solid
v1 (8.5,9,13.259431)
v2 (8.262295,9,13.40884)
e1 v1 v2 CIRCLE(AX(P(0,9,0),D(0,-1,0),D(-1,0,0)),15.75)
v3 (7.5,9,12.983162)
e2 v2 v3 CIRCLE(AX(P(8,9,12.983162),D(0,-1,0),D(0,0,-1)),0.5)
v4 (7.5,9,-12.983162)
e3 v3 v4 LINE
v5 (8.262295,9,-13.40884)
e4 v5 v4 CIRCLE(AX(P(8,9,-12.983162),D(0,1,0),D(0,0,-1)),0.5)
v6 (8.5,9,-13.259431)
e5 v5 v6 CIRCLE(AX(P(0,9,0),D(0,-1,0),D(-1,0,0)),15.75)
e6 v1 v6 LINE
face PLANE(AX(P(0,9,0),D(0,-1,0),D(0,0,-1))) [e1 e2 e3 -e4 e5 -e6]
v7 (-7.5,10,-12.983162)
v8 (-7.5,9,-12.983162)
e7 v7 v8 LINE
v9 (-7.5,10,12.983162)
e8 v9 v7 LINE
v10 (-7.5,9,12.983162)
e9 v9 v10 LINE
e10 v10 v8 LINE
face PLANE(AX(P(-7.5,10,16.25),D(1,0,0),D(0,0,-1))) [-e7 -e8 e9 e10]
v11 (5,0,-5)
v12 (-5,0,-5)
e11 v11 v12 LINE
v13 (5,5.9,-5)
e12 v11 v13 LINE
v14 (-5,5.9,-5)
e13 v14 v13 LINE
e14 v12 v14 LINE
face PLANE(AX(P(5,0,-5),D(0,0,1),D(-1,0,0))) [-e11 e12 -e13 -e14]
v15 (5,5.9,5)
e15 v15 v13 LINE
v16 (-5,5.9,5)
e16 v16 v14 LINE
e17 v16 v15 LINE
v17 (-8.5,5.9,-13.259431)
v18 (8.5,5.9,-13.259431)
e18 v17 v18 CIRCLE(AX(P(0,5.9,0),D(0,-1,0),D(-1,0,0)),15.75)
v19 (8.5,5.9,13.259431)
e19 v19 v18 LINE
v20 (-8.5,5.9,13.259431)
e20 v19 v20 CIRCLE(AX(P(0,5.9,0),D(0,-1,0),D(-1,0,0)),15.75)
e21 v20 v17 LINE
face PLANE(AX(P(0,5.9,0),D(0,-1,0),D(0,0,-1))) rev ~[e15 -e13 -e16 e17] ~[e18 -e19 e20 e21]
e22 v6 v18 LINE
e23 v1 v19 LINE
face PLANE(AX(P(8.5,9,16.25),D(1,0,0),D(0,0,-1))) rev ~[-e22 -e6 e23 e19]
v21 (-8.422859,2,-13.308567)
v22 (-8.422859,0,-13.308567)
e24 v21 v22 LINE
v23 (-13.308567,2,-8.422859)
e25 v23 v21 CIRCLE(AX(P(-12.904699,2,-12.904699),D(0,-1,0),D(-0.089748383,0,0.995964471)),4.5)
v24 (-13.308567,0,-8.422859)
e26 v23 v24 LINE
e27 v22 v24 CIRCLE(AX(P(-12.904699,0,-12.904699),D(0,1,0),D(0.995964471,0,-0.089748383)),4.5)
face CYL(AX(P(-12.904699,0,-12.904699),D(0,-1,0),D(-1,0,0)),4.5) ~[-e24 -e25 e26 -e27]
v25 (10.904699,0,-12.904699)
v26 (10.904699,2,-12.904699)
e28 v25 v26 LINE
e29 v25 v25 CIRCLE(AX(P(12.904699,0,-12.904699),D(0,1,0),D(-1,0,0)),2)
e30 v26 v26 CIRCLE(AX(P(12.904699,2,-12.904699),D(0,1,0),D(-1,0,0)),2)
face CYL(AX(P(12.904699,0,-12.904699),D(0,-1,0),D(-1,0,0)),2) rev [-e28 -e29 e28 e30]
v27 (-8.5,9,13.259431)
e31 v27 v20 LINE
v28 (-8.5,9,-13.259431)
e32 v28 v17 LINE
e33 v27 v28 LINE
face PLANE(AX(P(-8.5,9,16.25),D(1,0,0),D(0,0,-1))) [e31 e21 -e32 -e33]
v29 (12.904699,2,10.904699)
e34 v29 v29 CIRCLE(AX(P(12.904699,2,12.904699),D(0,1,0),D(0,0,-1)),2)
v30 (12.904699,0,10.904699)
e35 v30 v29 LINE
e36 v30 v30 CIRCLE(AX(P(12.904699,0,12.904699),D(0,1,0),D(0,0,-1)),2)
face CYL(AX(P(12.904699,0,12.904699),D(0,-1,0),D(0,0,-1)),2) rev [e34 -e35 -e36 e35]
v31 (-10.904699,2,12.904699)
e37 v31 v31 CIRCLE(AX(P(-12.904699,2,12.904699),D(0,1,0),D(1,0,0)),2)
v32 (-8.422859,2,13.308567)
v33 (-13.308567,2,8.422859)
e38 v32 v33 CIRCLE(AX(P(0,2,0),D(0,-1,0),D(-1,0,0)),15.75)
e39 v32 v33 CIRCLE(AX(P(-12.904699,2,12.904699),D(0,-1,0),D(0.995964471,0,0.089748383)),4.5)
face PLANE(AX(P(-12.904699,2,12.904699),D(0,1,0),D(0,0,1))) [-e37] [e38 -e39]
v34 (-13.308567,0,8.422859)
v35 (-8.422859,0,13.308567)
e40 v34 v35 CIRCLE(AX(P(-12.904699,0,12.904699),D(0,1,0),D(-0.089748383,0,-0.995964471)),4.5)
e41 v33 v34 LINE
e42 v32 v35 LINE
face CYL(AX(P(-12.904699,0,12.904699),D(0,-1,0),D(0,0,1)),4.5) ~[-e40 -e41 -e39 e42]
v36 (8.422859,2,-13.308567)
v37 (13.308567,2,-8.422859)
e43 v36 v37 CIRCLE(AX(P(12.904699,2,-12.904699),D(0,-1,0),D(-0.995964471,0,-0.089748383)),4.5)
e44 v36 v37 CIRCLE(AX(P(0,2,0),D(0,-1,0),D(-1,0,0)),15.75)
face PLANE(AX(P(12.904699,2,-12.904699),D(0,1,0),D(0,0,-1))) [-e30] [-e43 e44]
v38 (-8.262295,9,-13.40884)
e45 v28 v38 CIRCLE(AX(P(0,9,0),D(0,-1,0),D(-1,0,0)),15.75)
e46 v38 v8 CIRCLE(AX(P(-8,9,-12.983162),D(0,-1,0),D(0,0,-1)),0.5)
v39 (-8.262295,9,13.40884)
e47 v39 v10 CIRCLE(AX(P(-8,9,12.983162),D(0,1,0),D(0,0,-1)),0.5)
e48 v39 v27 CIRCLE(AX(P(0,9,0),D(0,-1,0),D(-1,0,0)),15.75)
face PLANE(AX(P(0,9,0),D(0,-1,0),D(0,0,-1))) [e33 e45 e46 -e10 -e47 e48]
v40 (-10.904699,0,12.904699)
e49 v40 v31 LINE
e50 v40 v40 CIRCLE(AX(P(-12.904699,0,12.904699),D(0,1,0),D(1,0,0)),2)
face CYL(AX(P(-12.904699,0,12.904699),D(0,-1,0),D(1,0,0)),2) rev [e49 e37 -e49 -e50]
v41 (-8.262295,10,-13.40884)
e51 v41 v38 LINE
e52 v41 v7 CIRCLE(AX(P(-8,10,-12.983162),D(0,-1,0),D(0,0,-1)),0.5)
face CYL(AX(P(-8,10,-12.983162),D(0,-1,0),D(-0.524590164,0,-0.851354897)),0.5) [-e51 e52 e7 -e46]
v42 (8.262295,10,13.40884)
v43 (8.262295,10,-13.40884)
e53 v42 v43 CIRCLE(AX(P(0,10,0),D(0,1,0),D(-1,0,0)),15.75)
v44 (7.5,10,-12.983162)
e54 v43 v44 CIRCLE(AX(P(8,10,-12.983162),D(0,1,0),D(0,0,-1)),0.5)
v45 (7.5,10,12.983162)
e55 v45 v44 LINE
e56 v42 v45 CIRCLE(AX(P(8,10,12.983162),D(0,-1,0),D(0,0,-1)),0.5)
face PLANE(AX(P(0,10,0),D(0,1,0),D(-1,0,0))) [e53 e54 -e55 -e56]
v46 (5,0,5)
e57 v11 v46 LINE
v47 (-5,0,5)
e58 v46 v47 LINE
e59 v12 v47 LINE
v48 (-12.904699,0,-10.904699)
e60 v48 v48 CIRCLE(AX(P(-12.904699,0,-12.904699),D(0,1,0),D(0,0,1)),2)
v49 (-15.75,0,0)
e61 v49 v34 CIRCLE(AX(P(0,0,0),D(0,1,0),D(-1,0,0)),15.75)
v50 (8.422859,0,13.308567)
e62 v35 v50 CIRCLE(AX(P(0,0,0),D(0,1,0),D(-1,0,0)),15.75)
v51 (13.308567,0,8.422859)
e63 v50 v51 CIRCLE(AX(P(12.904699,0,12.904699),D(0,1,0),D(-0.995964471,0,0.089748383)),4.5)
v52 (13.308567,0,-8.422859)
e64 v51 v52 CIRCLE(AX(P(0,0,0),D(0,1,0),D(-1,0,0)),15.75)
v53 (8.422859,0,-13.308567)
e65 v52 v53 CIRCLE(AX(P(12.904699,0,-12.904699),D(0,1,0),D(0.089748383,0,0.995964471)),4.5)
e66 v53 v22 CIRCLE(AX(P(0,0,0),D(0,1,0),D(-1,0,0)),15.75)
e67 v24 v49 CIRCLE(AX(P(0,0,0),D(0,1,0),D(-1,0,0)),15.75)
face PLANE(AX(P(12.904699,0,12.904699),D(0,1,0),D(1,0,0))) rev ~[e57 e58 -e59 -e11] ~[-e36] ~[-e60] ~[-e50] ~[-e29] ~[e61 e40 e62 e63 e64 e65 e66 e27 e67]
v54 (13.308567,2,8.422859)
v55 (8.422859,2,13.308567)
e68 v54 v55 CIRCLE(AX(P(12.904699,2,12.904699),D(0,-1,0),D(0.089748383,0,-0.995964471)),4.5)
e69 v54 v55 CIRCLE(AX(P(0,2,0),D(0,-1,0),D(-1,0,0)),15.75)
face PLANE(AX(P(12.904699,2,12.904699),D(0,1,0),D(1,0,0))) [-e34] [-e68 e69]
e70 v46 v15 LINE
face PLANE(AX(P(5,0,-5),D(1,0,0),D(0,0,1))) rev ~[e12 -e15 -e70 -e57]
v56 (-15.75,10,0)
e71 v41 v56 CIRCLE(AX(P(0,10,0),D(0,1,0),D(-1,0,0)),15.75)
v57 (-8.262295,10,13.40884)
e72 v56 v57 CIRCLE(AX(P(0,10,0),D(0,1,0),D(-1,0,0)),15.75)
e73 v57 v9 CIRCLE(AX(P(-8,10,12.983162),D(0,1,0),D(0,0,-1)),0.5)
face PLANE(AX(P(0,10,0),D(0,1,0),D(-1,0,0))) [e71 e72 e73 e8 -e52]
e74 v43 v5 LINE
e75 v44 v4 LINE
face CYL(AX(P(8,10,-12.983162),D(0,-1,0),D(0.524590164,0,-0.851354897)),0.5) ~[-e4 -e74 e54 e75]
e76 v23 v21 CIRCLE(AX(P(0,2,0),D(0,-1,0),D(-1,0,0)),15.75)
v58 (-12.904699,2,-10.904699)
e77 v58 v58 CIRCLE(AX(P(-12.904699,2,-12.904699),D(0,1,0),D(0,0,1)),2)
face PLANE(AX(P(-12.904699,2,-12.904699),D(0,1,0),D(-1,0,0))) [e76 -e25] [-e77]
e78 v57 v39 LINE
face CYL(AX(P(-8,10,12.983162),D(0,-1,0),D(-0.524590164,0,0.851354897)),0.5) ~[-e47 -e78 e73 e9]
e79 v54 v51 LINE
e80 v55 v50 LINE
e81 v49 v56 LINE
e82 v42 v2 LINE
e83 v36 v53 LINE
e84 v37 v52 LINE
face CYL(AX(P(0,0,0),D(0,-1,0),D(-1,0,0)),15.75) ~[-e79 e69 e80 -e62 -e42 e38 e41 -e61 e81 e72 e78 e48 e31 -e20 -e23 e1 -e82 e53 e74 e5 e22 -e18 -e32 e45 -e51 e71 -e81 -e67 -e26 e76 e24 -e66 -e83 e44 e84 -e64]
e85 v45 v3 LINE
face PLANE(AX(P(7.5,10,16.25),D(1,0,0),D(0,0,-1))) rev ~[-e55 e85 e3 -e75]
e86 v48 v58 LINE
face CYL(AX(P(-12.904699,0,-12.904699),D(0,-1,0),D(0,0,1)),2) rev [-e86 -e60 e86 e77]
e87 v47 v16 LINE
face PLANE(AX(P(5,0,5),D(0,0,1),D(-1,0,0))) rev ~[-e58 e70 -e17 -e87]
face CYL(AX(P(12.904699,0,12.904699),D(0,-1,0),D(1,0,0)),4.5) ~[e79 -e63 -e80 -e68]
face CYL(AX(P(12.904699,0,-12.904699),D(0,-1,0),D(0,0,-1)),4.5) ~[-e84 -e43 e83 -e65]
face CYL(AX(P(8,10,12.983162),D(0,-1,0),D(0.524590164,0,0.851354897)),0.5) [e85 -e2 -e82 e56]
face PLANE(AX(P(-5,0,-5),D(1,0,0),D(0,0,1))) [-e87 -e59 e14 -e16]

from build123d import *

# Parameters (mm, degrees)
CYLINDER008_R         = 15.75
CYLINDER008_DEPTH     = 10
CYLINDER009_R         = 4.5
CYLINDER009_DEPTH     = 2
POLARPATTERN002_COUNT = 4
CYLINDER010_R         = 2
CYLINDER010_DEPTH     = 2
POLARPATTERN003_COUNT = 4
BOX001_W              = 10
BOX001_H              = 10
BOX001_DEPTH          = 10
BOX003_W              = 32.5
BOX003_H              = 17
BOX003_DEPTH          = 3.1
BOX004_W              = 32.5
BOX004_H              = 15
BOX004_DEPTH          = 1
FILLET005_R           = 0.5


with BuildPart() as part:
    # Cylinder008 → Cylinder008 (join)
    with BuildSketch(Plane(origin=(0, 0, 0), x_dir=(-1, 0, 0), z_dir=(0, 1, 0))):
        Circle(CYLINDER008_R)
    extrude(amount=CYLINDER008_DEPTH)

    # Cylinder009 → Cylinder009 (join)
    with BuildSketch(Plane(origin=(12.904699, 0, -12.904699), x_dir=(0, 0, -1), z_dir=(0, 1, 0))):
        Circle(CYLINDER009_R)
    cylinder009 = extrude(amount=CYLINDER009_DEPTH)

    # PolarPattern002: Cylinder009 ×4 about axis
    polarpattern002_axis = Axis((0, 0, 0), (0, 1, 0))
    for i in range(1, POLARPATTERN002_COUNT):
        add(cylinder009.rotate(polarpattern002_axis, i * 360 / POLARPATTERN002_COUNT))

    # Cylinder010 → Cylinder010 (cut)
    with BuildSketch(Plane(origin=(12.904699, 0, 12.904699), x_dir=(0, 0, -1), z_dir=(0, 1, 0))):
        Circle(CYLINDER010_R)
    cylinder010 = extrude(amount=CYLINDER010_DEPTH, mode=Mode.SUBTRACT)

    # PolarPattern003: Cylinder010 ×4 about axis
    polarpattern003_axis = Axis((0, 0, 0), (0, 1, 0))
    for i in range(1, POLARPATTERN003_COUNT):
        add(cylinder010.rotate(polarpattern003_axis, i * 360 / POLARPATTERN003_COUNT), mode=Mode.SUBTRACT)

    # Box001 → Box001 (cut)
    with BuildSketch(Plane(origin=(5, 0, -5), x_dir=(-1, 0, 0), z_dir=(0, 1, 0))):
        with Locations((5, 5)):
            Rectangle(BOX001_W, BOX001_H)
    extrude(amount=BOX001_DEPTH, mode=Mode.SUBTRACT)

    # Box003 → Box003 (cut)
    with BuildSketch(Plane(origin=(-8.5, 9, 16.25), x_dir=(0, 0, -1), z_dir=(0, -1, 0))):
        with Locations((16.25, 8.5)):
            Rectangle(BOX003_W, BOX003_H)
    extrude(amount=BOX003_DEPTH, mode=Mode.SUBTRACT)

    # Box004 → Box004 (cut)
    with BuildSketch(Plane(origin=(-7.5, 10, 16.25), x_dir=(0, 0, -1), z_dir=(0, -1, 0))):
        with Locations((16.25, 7.5)):
            Rectangle(BOX004_W, BOX004_H)
    extrude(amount=BOX004_DEPTH, mode=Mode.SUBTRACT)

    # Fillet005
    fillet005_edges = [part.edges().sort_by_distance(p)[0] for p in [
        (-7.5, 9.5, -13.849639),
        (7.5, 9.5, 13.849639),
        (-7.5, 9.5, 13.849639),
        (7.5, 9.5, -13.849639),
    ]]
    fillet(fillet005_edges, radius=FILLET005_R)


solid = part.part
